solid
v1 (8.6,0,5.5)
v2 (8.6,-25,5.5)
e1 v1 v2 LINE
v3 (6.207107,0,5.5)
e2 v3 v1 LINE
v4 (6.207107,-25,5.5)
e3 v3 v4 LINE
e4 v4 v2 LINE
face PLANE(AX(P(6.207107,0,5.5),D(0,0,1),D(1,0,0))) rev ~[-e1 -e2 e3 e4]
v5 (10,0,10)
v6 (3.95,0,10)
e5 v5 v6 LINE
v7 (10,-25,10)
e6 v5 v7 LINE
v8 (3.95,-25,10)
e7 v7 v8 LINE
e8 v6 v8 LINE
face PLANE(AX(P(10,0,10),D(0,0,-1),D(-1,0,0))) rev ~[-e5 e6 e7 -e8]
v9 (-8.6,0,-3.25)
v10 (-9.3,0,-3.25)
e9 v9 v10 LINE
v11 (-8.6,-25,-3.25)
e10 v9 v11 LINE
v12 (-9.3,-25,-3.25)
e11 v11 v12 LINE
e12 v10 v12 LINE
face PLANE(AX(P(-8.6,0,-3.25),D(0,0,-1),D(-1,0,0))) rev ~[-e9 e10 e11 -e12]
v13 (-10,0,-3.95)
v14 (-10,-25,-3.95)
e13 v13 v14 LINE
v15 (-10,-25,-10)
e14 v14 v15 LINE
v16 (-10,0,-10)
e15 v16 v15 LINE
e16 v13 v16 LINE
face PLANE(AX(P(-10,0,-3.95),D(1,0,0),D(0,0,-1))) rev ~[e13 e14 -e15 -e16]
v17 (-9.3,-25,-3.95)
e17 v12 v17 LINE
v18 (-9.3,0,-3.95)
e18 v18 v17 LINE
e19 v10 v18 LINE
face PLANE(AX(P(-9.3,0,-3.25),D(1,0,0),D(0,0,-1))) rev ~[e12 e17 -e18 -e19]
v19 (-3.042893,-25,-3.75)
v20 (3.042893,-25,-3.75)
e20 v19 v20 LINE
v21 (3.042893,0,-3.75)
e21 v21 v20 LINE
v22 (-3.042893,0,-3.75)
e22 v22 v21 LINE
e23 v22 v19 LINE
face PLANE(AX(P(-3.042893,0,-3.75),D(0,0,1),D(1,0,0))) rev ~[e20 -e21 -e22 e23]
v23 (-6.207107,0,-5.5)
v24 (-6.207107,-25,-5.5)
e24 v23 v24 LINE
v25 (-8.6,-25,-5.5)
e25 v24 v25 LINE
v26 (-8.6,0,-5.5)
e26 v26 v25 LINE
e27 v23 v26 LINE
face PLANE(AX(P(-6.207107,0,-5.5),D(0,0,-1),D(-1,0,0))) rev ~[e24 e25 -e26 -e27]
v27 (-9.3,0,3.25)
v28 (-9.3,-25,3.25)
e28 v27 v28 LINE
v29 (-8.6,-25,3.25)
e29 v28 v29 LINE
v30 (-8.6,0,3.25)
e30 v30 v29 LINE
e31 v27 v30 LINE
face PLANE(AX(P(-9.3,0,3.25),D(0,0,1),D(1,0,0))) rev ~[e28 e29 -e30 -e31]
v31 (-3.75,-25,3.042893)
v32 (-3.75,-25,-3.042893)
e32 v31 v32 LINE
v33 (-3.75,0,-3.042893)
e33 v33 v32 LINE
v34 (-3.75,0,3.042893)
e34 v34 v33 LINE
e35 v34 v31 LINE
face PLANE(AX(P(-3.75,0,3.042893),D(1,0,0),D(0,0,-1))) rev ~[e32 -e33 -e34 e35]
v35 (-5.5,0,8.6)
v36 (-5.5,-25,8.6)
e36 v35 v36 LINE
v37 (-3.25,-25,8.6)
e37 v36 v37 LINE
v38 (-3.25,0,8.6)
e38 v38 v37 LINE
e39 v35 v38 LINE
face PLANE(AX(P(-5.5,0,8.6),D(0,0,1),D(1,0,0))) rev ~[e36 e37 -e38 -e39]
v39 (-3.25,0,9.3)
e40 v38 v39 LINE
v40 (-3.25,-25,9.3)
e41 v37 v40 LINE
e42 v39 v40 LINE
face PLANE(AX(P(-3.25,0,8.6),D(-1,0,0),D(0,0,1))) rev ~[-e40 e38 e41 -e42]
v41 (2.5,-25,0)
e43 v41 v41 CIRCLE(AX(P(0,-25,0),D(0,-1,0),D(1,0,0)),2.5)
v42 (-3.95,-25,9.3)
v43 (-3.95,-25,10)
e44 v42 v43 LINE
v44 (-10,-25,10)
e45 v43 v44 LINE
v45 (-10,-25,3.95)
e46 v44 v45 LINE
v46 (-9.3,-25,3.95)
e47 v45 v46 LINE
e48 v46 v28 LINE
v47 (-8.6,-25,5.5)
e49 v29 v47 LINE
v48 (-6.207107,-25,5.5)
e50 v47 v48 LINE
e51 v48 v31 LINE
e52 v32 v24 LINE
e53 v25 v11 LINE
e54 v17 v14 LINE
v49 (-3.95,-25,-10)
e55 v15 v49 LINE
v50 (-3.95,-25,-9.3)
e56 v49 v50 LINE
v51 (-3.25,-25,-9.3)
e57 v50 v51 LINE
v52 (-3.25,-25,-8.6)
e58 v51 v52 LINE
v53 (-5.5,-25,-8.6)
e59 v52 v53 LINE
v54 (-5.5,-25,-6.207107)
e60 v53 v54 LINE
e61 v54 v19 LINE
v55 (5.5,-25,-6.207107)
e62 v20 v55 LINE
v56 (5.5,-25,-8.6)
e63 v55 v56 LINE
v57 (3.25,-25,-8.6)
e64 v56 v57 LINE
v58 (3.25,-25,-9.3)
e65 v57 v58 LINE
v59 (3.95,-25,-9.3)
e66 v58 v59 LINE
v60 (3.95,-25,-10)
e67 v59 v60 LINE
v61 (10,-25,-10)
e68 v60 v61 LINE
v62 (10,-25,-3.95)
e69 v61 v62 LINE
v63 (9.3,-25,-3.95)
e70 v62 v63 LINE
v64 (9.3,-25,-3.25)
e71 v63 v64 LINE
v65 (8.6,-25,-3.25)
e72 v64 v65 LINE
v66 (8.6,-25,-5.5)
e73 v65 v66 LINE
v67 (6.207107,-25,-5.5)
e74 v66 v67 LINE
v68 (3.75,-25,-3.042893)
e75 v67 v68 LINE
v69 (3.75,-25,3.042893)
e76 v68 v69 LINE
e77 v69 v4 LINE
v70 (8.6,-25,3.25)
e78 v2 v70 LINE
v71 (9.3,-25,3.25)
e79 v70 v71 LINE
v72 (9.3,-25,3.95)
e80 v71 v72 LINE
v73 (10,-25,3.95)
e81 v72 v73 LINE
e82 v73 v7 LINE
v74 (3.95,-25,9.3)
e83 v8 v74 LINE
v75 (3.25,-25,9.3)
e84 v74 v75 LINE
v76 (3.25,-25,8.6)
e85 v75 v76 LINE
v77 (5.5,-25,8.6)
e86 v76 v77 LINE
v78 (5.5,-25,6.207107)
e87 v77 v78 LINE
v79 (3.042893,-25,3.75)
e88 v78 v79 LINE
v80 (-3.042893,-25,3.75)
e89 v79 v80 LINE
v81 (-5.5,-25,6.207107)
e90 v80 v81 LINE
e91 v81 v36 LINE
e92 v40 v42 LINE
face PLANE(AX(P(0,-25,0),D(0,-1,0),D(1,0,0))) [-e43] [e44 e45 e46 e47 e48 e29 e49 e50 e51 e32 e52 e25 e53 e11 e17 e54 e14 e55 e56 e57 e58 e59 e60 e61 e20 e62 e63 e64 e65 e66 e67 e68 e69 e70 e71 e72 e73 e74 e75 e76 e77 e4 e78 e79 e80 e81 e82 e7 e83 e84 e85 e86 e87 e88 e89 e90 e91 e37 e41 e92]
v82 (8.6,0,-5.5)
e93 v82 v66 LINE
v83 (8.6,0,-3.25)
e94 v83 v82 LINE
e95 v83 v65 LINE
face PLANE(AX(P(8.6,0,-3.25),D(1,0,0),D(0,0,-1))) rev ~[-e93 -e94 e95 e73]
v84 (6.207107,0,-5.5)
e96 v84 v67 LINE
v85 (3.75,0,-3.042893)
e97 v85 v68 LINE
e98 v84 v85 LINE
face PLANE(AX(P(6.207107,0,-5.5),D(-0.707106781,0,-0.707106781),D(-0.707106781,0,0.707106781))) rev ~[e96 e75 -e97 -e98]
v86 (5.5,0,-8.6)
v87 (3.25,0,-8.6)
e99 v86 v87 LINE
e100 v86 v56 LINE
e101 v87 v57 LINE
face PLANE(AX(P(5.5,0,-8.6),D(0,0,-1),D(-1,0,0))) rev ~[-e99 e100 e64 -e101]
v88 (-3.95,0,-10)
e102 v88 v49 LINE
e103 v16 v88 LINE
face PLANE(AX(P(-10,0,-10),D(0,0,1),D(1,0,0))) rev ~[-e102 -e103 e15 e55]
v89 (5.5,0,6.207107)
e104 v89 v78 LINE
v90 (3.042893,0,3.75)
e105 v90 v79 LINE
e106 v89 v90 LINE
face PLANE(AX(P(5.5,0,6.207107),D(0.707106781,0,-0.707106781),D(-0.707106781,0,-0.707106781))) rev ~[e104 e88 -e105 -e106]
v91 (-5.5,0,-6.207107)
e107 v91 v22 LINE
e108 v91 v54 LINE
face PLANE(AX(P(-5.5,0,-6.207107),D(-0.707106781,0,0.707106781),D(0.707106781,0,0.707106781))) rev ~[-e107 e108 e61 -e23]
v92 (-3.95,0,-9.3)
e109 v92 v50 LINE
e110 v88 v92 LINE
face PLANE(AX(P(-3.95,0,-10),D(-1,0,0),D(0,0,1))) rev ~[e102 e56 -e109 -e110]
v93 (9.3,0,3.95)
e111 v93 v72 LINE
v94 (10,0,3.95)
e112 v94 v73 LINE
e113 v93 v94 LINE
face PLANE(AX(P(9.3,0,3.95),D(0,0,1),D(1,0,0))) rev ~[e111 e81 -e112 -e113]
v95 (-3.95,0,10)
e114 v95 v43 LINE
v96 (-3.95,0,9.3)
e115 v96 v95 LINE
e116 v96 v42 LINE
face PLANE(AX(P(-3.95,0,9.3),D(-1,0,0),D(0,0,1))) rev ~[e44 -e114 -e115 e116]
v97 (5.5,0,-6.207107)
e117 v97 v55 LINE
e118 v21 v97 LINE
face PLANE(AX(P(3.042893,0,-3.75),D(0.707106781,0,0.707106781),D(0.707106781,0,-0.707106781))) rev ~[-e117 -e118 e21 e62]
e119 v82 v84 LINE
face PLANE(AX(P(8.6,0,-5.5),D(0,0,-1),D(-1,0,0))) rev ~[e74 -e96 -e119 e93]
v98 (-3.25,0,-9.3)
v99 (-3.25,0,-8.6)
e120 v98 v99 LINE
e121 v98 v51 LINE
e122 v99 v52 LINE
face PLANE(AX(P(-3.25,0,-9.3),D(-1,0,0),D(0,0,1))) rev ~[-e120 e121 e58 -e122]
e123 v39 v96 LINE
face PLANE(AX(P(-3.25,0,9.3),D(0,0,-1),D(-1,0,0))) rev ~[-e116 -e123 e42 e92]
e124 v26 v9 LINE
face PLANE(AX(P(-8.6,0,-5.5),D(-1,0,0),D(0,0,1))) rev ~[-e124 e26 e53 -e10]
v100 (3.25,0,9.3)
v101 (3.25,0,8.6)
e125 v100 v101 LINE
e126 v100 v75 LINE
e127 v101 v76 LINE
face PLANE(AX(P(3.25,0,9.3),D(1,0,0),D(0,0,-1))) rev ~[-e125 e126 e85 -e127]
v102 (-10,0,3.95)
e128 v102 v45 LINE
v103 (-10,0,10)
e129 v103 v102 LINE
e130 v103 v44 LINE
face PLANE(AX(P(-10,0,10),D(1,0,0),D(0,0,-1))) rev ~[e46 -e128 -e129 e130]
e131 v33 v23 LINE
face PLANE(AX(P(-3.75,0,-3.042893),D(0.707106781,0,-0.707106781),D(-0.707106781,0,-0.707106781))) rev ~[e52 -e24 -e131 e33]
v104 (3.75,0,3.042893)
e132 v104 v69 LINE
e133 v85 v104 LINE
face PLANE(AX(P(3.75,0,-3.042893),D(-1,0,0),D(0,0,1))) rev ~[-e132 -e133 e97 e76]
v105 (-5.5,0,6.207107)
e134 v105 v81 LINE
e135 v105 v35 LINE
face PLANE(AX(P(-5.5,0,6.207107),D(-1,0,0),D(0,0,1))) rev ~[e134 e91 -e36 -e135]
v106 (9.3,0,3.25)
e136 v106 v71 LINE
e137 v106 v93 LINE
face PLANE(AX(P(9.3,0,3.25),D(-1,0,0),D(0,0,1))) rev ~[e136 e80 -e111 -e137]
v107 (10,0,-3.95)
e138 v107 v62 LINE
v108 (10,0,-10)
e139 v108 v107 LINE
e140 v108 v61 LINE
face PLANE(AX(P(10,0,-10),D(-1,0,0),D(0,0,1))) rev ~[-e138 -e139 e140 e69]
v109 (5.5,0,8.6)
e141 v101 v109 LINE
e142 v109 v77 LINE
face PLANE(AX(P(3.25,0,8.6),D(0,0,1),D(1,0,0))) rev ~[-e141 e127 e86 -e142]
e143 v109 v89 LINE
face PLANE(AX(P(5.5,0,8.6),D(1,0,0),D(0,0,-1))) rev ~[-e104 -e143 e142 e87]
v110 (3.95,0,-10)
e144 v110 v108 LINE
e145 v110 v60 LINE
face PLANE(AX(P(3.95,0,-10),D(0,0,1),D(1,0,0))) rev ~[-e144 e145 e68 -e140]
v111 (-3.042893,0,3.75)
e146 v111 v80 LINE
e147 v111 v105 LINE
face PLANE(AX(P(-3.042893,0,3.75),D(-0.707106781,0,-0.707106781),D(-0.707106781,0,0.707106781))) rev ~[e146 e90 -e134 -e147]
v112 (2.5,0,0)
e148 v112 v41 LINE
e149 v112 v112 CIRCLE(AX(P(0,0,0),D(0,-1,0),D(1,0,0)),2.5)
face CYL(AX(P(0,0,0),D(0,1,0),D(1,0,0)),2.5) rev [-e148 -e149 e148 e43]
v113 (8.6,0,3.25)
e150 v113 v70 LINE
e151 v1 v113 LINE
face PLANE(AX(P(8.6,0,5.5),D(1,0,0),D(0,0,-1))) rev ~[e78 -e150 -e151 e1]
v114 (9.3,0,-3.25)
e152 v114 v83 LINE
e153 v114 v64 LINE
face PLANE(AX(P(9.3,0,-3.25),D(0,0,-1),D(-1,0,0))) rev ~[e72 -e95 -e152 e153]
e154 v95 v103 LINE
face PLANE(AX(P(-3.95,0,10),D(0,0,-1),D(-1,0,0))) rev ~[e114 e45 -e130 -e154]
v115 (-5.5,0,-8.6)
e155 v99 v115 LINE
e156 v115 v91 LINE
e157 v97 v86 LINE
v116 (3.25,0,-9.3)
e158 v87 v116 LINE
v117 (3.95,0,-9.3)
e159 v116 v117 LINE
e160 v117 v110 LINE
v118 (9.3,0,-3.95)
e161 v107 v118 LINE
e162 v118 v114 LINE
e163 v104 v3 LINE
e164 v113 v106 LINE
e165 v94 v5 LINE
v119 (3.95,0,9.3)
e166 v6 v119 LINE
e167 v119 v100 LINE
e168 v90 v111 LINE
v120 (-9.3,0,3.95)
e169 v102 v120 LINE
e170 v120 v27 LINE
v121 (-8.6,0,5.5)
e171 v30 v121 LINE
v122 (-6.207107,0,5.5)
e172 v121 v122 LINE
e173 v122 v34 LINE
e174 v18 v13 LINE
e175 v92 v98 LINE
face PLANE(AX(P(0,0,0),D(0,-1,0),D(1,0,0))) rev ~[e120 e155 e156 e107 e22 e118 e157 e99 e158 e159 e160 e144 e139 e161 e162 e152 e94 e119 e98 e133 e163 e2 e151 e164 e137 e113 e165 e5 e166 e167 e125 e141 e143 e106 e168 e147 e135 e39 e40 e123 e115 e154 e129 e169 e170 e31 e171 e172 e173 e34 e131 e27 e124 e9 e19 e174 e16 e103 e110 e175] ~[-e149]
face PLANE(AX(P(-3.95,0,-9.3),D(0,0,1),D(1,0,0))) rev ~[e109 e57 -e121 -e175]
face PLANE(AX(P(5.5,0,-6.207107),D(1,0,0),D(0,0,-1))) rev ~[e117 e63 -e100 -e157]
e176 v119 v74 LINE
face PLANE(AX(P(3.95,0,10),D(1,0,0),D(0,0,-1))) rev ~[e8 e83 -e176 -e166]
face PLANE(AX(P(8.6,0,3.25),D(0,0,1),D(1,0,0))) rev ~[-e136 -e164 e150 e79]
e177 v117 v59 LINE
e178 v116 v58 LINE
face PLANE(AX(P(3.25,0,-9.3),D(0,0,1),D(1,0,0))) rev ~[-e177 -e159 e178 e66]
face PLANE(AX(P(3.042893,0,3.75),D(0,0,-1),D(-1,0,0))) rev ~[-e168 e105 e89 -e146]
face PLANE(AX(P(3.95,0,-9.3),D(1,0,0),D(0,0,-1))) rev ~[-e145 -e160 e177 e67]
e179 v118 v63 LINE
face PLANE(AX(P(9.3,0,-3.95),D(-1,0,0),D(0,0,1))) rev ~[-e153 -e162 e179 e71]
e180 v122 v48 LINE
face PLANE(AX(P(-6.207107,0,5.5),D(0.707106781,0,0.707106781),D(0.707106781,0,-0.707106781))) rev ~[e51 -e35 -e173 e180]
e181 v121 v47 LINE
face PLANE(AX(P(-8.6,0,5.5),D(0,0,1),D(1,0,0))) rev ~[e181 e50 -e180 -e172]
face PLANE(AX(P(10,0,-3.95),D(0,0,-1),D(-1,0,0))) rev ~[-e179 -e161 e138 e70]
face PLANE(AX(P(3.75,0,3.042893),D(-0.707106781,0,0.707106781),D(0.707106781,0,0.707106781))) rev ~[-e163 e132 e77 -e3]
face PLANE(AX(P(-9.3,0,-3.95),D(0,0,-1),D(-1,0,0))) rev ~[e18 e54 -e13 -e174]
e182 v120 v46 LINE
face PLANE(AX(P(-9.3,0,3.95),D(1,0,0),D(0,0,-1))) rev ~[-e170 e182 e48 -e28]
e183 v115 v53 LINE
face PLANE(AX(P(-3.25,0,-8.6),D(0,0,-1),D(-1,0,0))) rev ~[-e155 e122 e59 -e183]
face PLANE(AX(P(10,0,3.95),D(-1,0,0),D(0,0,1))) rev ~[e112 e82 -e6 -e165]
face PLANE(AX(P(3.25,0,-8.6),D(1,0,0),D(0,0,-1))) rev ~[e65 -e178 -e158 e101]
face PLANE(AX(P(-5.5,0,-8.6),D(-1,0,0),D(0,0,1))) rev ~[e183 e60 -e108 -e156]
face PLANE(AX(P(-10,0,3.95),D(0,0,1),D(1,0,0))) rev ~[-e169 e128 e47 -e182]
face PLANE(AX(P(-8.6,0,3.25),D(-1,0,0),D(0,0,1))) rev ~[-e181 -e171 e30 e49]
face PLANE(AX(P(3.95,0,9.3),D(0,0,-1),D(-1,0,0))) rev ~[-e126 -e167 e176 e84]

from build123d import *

# Parameters (mm, degrees)
F0_R     = 2.5
F1_DEPTH = 25


with BuildPart() as f1:
    # F0 (on Front) → F1 (new body)
    with BuildSketch(Plane.XZ):
        Polygon((10, 3.95), (10, 10), (3.95, 10), (3.95, 9.3), (3.25, 9.3), (3.25, 8.6), (5.5, 8.6), (5.5, 6.207107), (3.042893, 3.75), (0, 3.75), (-3.042893, 3.75), (-5.5, 6.207107), (-5.5, 8.6), (-3.25, 8.6), (-3.25, 9.3), (-3.95, 9.3), (-3.95, 10), (-10, 10), (-10, 3.95), (-9.3, 3.95), (-9.3, 3.25), (-8.6, 3.25), (-8.6, 5.5), (-6.207107, 5.5), (-3.75, 3.042893), (-3.75, 0), (-3.75, -3.042893), (-6.207107, -5.5), (-8.6, -5.5), (-8.6, -3.25), (-9.3, -3.25), (-9.3, -3.95), (-10, -3.95), (-10, -10), (-3.95, -10), (-3.95, -9.3), (-3.25, -9.3), (-3.25, -8.6), (-5.5, -8.6), (-5.5, -6.207107), (-3.042893, -3.75), (0, -3.75), (3.042893, -3.75), (5.5, -6.207107), (5.5, -8.6), (3.25, -8.6), (3.25, -9.3), (3.95, -9.3), (3.95, -10), (10, -10), (10, -3.95), (9.3, -3.95), (9.3, -3.25), (8.6, -3.25), (8.6, -5.5), (6.207107, -5.5), (3.75, -3.042893), (3.75, 0), (3.75, 3.042893), (6.207107, 5.5), (8.6, 5.5), (8.6, 3.25), (9.3, 3.25), (9.3, 3.95), align=None)
        Circle(F0_R, mode=Mode.SUBTRACT)
    extrude(amount=F1_DEPTH)


solid = f1.part
